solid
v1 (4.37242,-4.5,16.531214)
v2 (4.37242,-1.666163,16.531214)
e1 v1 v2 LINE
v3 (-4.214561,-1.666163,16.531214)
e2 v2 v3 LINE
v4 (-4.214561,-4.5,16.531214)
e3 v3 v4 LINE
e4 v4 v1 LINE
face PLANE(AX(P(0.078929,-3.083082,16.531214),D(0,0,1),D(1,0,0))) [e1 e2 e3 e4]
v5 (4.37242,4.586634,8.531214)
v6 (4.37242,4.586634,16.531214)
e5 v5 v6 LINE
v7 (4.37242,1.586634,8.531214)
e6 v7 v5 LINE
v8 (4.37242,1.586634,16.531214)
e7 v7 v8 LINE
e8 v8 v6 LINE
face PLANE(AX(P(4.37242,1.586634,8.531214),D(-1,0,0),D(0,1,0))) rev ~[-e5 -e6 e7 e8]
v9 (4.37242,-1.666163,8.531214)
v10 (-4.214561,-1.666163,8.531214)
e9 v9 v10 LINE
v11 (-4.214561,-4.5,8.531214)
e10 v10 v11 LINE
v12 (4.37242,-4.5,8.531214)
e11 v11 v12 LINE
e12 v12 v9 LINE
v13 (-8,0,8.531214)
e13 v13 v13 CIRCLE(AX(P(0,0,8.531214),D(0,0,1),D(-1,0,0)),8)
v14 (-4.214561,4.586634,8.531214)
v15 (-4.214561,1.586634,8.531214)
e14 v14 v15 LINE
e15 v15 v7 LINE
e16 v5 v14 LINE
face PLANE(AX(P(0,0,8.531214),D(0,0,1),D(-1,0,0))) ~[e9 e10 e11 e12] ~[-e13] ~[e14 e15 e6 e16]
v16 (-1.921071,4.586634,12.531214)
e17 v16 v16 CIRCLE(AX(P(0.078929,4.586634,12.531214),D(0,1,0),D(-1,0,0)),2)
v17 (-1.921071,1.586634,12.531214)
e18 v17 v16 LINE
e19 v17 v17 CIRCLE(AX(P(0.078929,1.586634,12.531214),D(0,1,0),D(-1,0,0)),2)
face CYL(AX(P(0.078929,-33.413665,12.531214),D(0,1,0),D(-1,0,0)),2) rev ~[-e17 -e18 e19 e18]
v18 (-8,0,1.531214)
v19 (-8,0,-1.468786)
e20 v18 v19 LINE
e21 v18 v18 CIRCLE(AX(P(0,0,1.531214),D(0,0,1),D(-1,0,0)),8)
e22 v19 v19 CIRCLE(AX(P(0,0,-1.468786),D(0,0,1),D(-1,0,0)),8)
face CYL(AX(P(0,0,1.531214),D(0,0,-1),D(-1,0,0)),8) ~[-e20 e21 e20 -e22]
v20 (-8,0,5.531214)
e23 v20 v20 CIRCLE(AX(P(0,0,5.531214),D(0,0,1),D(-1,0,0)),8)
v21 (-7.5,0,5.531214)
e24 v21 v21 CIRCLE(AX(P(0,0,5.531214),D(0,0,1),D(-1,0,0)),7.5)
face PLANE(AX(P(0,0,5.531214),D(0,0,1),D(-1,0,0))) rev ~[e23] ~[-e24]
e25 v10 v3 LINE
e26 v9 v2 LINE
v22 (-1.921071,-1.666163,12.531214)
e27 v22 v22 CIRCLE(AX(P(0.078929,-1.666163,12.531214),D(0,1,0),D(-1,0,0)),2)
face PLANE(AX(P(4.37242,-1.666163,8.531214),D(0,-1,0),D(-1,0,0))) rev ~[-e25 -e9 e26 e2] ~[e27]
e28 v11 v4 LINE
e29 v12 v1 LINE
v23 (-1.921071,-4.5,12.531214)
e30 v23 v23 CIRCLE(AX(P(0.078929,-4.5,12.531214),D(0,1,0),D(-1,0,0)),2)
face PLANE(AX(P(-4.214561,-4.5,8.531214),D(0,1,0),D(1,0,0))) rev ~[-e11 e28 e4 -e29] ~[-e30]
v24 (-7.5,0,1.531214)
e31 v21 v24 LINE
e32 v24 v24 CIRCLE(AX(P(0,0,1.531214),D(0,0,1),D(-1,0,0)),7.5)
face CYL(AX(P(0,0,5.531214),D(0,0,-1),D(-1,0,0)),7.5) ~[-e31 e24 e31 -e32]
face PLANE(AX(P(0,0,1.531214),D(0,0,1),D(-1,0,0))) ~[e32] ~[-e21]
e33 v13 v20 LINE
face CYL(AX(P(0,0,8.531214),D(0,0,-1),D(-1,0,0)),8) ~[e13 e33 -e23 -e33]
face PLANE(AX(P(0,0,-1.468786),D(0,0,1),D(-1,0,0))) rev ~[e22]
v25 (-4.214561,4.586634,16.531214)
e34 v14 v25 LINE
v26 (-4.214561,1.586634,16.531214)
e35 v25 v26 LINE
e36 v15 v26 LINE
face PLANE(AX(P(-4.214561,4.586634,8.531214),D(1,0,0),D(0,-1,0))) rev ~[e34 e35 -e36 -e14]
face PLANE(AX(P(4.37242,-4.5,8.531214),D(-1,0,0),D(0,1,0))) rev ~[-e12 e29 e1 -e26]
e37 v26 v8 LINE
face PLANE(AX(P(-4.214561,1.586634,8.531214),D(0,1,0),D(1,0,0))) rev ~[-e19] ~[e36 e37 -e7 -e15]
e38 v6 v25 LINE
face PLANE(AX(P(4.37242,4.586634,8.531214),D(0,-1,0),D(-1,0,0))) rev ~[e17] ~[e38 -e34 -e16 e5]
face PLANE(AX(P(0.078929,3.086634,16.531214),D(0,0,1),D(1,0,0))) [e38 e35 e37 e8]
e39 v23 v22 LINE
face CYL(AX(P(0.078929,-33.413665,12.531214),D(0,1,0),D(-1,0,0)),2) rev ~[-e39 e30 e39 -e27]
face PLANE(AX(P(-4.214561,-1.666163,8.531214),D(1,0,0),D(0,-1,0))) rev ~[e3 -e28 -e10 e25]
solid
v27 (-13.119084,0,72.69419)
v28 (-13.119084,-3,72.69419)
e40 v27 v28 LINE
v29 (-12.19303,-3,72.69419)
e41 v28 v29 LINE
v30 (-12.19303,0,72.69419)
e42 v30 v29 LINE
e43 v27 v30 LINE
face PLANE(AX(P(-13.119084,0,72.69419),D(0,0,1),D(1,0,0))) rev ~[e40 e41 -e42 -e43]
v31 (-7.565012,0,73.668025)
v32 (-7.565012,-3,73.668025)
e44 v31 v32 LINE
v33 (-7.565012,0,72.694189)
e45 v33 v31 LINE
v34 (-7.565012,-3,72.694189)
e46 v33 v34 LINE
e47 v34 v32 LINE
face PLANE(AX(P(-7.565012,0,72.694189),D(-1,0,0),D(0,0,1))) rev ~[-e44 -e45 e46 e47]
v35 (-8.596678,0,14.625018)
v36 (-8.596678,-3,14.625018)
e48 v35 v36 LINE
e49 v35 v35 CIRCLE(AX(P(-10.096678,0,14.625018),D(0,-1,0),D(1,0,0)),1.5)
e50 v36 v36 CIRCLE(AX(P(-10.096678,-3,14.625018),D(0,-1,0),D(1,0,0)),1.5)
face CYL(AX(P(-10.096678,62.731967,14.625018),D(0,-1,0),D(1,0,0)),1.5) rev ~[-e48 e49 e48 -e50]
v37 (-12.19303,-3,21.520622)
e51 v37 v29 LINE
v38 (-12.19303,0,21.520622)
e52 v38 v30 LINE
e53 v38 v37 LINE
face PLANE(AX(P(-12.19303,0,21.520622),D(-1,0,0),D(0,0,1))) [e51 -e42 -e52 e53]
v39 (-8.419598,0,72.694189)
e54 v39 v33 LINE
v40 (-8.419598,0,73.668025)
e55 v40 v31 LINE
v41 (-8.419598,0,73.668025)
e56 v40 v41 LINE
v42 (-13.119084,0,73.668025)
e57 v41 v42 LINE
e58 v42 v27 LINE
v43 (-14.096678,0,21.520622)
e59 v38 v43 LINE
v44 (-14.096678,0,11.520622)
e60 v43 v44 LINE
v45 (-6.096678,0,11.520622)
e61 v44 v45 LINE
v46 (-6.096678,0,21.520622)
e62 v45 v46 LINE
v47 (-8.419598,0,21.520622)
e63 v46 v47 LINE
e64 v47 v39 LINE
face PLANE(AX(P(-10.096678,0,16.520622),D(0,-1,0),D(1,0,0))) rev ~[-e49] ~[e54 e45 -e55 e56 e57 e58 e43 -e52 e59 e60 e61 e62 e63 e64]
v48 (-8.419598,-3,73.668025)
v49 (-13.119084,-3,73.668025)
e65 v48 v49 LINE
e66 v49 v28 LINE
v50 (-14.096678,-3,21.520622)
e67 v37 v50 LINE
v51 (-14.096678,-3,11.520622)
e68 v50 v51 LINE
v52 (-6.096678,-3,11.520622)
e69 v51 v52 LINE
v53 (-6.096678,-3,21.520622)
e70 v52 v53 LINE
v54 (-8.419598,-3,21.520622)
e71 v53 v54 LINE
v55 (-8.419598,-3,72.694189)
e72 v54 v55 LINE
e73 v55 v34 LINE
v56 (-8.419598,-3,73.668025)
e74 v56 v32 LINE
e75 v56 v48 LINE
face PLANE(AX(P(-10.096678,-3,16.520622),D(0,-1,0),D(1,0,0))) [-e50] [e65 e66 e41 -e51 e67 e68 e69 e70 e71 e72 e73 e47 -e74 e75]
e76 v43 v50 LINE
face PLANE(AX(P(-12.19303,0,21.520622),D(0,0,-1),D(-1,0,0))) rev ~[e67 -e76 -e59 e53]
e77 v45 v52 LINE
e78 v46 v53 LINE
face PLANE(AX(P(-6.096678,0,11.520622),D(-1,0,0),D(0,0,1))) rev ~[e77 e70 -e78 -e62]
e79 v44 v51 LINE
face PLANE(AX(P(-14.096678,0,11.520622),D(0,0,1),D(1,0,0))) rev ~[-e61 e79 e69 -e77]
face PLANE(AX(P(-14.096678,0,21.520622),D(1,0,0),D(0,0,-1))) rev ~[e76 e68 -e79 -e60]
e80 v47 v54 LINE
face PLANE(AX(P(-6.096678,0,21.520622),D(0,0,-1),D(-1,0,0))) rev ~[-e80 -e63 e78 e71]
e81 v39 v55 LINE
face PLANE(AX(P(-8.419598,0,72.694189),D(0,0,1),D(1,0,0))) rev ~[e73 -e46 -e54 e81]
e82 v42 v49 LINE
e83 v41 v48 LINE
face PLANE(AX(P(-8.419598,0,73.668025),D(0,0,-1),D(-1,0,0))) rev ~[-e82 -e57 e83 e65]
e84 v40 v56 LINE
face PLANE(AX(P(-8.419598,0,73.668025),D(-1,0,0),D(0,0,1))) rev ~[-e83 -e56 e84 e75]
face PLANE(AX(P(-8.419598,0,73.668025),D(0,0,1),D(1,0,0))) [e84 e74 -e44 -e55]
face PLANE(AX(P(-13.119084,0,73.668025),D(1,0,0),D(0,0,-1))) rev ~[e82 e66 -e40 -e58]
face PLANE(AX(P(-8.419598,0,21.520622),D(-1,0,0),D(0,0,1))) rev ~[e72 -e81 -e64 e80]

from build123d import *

# Parameters (mm, degrees)
F3_DEPTH = 8
F5_D     = 4
F6_W     = 3.773432
F6_H     = 51.173568
F6_W_2   = 0.854586
F6_H_2   = 0.973835
F7_DEPTH = 3
F9_D     = 3


with BuildPart() as f1:
    # F0 (on Front) → F1 (revolve)
    with BuildSketch(Plane.XZ):
        Polygon((0, -1.468786), (0, 8.531214), (-8, 8.531214), (-8, 5.531214), (-7.5, 5.531214), (-7.5, 1.531214), (-8, 1.531214), (-8, -1.468786), align=None)
    revolve(axis=Axis((0, 0, 3.531214), (0, 0, 1)))

    # F2 (on face) → F3 (join)
    with BuildSketch(Plane.XY.offset(8.531214)):
        Polygon((-4.214561, -4.5), (-3, -4.5), (4.37242, -4.5), (4.37242, -1.666163), (-3, -1.666163), (-4.214561, -1.666163), align=None)
        Polygon((4.37242, 4.586634), (-2.714561, 4.586634), (-4.214561, 4.586634), (-4.214561, 1.586634), (-2.714561, 1.586634), (4.37242, 1.586634), align=None)
    extrude(amount=F3_DEPTH)

    # F5 (through all)
    with Locations(Plane.XZ.offset(4.5)):
        with Locations((0.078929, 12.531214)):
            Hole(F5_D / 2)


with BuildPart() as f7:
    # F6 (on Front) → F7 (new body)
    with BuildSketch(Plane.XZ):
        Polygon((-14.096678, 11.520622), (-6.096678, 11.520622), (-6.096678, 21.520622), (-8.419598, 21.520622), (-12.19303, 21.520622), (-14.096678, 21.520622), align=None)
        with Locations((-10.306314, 47.107406)):
            Rectangle(F6_W, F6_H)
        Polygon((-12.19303, 72.69419), (-8.419598, 72.69419), (-8.419598, 73.668025), (-13.119084, 73.668025), (-13.119084, 72.69419), align=None)
        with Locations((-7.992305, 73.181107)):
            Rectangle(F6_W_2, F6_H_2)
    extrude(amount=F7_DEPTH)

    # F9 (through all)
    with Locations(Plane(origin=(0, 0, 0), x_dir=(-1, 0, 0), z_dir=(0, 1, 0))):
        with Locations((10.096678, 14.625018)):
            Hole(F9_D / 2)


solid = Compound([f1.part, f7.part])
